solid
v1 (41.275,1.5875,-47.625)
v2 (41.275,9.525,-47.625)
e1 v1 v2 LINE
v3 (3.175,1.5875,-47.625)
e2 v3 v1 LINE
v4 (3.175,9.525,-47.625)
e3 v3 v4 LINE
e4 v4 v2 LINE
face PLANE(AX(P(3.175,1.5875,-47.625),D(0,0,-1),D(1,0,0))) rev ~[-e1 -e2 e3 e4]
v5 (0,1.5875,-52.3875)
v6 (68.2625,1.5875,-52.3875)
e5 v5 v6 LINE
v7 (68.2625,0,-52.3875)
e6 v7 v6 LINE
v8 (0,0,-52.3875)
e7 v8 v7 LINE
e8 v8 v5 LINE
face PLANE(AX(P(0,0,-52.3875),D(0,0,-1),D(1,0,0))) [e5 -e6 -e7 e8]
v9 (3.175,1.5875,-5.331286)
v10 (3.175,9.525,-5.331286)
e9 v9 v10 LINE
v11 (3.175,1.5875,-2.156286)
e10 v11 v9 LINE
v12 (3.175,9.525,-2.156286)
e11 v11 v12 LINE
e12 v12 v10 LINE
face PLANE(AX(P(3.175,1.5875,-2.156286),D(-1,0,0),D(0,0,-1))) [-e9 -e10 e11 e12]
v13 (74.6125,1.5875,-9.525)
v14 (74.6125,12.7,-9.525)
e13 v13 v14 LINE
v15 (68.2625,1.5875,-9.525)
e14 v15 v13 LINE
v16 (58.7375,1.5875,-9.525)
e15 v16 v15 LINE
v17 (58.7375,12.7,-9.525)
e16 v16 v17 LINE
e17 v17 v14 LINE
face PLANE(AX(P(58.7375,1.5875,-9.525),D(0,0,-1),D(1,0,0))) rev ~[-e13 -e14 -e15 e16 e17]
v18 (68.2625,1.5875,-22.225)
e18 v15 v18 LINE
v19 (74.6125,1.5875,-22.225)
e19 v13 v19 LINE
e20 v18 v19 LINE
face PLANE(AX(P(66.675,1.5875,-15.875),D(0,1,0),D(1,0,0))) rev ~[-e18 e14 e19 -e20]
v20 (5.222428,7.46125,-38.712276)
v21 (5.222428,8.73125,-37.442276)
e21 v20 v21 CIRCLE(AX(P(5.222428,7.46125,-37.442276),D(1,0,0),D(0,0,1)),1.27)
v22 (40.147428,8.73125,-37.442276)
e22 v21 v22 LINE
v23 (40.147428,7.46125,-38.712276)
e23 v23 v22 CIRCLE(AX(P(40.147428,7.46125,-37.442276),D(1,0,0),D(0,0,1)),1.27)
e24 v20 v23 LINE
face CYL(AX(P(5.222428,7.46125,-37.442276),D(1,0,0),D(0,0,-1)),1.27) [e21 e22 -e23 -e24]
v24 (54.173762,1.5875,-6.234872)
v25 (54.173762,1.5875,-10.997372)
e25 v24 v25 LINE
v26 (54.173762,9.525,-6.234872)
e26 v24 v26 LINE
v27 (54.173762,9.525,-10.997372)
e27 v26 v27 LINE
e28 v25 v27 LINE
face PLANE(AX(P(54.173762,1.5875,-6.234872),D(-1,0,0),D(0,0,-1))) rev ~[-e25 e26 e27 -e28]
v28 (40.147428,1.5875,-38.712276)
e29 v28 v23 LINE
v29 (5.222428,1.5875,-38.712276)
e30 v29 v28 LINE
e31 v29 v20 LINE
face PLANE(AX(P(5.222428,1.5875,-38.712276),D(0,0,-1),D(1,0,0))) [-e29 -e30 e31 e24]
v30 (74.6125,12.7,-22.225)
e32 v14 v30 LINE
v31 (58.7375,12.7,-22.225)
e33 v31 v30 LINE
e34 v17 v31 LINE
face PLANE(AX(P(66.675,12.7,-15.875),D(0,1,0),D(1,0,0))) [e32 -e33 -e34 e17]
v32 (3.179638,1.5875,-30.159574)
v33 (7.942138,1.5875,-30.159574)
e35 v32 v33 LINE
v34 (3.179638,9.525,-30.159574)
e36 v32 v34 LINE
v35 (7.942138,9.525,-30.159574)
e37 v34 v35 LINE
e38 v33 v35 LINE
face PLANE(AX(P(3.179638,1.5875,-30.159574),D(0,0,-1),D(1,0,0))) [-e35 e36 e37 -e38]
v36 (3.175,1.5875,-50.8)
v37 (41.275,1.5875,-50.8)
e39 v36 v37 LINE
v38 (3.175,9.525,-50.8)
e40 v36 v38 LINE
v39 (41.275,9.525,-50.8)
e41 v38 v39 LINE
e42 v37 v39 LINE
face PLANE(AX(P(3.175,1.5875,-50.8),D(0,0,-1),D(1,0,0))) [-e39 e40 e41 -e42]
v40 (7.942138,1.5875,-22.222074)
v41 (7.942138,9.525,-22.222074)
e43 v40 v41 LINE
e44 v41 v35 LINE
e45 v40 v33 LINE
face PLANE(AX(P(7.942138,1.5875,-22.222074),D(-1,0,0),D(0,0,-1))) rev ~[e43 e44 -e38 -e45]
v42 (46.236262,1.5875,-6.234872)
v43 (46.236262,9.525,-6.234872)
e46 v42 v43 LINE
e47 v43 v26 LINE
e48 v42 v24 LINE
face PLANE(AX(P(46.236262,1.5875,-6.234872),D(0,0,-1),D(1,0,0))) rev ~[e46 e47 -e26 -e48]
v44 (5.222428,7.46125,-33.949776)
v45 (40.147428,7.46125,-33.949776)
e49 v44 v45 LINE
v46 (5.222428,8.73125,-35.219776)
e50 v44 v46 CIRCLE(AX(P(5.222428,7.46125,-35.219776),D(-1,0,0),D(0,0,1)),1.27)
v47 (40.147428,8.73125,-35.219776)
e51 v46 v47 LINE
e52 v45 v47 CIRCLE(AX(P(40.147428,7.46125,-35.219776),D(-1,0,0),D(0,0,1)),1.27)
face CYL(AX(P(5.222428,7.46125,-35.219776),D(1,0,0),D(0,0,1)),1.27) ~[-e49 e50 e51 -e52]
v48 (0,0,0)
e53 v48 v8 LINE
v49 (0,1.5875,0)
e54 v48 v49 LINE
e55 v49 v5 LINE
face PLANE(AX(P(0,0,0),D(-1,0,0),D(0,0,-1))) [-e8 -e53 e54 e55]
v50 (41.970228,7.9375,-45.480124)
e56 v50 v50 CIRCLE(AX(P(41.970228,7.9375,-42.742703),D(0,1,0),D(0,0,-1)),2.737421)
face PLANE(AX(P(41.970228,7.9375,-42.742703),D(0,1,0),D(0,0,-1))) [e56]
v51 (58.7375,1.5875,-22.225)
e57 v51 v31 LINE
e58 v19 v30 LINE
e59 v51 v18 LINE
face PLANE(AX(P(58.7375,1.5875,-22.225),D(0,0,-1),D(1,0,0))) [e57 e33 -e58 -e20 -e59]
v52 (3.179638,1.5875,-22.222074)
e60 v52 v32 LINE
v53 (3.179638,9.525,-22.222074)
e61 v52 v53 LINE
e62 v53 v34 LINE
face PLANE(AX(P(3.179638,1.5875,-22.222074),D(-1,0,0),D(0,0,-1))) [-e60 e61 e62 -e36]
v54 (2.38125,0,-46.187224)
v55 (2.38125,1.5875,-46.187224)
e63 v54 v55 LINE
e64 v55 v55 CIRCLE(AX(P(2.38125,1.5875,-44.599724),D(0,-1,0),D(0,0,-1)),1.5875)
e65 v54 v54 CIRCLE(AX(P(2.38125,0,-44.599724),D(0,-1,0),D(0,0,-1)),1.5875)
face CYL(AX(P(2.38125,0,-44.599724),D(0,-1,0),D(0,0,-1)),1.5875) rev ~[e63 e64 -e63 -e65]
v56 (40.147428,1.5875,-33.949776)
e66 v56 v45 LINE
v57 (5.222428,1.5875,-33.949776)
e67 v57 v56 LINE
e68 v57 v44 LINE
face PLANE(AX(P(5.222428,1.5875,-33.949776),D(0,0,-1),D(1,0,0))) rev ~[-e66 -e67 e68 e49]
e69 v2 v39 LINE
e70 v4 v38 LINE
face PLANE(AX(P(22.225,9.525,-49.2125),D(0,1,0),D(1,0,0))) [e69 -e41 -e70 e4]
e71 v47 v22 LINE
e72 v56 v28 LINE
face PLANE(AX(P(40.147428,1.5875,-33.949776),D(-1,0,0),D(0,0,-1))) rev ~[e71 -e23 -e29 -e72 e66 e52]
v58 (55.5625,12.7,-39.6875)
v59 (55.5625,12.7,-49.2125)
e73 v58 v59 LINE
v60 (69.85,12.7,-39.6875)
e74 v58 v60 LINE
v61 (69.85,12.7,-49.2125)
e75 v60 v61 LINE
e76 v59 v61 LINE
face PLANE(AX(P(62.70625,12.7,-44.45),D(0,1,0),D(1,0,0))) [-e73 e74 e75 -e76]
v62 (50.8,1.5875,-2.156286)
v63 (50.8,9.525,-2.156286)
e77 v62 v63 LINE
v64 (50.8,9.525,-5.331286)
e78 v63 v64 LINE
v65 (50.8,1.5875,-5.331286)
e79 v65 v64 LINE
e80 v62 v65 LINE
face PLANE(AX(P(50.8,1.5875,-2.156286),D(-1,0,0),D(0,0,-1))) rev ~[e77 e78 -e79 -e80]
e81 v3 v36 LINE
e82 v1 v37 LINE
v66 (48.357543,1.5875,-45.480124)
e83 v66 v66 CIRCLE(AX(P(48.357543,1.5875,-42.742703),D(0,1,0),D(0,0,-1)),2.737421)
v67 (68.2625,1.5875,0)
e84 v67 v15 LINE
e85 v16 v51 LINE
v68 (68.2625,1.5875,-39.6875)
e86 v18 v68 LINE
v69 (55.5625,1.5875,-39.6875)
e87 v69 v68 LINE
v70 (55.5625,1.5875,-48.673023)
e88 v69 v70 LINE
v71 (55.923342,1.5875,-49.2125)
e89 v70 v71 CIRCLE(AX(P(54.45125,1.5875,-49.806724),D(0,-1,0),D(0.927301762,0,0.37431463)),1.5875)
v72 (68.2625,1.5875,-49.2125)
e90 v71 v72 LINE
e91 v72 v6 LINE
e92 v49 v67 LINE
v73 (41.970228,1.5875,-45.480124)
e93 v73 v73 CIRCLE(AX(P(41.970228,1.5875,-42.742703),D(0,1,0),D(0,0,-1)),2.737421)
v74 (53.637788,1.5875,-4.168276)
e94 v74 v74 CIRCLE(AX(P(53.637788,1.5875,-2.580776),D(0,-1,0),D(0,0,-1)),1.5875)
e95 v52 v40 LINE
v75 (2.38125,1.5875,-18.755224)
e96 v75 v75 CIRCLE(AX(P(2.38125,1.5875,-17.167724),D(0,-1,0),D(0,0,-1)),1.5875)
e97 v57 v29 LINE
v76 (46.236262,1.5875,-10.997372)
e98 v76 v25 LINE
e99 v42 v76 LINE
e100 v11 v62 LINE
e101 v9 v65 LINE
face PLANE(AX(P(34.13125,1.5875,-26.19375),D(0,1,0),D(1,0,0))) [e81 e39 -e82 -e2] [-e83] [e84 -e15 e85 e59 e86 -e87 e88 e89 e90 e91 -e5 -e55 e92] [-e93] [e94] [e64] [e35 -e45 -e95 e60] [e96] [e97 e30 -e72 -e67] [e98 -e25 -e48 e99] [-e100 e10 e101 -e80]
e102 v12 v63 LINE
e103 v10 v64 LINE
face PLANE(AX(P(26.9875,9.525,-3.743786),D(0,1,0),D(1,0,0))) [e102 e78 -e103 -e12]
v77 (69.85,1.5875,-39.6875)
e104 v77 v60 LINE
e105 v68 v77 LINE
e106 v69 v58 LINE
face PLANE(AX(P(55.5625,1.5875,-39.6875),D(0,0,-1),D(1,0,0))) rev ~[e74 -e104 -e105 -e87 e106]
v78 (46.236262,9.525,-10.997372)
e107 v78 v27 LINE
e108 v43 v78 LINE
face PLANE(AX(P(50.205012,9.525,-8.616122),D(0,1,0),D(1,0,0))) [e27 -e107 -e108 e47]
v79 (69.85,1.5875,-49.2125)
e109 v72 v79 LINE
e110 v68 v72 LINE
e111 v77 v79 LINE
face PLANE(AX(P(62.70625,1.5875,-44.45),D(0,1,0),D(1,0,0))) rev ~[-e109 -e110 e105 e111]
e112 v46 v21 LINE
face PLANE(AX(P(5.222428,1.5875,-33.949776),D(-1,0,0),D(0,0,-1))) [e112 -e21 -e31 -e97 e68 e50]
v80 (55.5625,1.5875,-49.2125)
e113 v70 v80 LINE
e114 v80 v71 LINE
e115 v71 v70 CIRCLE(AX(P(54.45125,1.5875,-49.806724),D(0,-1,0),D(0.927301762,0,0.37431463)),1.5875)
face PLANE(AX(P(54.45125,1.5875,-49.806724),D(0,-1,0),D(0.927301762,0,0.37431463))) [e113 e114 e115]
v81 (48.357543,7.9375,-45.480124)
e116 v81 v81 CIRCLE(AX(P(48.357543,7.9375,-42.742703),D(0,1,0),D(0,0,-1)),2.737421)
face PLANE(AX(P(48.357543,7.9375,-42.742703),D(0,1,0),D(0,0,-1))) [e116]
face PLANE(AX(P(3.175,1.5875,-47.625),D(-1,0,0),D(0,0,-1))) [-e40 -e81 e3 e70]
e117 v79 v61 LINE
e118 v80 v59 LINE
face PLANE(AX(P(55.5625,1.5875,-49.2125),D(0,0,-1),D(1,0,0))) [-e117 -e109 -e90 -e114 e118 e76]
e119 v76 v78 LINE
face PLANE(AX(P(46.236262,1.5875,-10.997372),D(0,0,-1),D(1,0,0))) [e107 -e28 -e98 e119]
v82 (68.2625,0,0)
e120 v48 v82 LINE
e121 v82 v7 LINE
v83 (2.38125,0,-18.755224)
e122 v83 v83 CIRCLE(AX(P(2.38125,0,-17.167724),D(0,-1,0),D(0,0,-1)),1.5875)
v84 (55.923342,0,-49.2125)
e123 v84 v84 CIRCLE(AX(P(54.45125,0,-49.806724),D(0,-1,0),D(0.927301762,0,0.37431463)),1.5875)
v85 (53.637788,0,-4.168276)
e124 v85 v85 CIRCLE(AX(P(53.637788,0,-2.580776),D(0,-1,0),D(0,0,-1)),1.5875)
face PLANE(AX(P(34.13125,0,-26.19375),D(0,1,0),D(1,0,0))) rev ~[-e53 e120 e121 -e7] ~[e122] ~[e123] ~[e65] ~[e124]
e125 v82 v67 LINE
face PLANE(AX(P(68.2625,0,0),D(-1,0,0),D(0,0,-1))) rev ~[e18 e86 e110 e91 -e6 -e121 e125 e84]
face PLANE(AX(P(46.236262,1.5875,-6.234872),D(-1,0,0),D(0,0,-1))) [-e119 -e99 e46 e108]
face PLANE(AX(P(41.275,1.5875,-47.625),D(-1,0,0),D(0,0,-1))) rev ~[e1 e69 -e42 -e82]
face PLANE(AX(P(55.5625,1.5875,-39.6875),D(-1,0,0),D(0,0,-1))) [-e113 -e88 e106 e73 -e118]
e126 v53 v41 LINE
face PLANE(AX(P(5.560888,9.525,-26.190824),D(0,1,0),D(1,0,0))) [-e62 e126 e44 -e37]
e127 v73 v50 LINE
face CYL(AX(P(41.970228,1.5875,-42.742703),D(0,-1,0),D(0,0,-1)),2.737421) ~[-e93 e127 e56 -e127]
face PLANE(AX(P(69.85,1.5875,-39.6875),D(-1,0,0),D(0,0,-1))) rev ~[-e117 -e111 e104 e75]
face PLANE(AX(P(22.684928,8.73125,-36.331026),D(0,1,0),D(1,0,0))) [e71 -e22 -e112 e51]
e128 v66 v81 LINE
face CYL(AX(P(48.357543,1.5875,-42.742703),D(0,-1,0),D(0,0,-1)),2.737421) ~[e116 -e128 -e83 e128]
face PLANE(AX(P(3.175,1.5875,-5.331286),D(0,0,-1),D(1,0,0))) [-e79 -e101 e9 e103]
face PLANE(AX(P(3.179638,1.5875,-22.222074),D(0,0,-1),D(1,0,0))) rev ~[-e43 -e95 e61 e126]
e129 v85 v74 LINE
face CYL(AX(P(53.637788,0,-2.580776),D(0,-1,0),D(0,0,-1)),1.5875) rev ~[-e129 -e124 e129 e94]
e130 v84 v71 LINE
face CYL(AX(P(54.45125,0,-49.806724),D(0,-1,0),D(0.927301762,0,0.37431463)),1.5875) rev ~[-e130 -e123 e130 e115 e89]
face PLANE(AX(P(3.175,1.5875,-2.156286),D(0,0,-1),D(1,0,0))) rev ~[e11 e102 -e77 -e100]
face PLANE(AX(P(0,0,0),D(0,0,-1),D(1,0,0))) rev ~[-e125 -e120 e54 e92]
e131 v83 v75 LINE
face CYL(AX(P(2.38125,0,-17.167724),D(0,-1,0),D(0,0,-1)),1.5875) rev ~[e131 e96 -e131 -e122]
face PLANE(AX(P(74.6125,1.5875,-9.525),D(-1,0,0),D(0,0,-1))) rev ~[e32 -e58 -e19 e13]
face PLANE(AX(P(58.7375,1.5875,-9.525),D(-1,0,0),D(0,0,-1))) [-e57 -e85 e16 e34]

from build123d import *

# Parameters (mm, degrees)
SKETCH2_W           = 68.2625
SKETCH2_H           = 52.3875
BOSS_EXTRUDE1_DEPTH = 1.5875
SKETCH3_W           = 38.1
SKETCH3_H           = 3.175
SKETCH3_W_2         = 47.625
SKETCH3_W_3         = 4.7625
SKETCH3_H_2         = 7.9375
SKETCH3_W_4         = 7.9375
SKETCH3_H_3         = 4.7625
BOSS_EXTRUDE2_DEPTH = 7.9375
SKETCH5_W           = 34.925
SKETCH5_H           = 4.7625
BOSS_EXTRUDE3_DEPTH = 7.14375
FILLET1_R           = 1.27
SKETCH6_R           = 2.737420774
BOSS_EXTRUDE4_DEPTH = 6.35
SKETCH7_W           = 15.875
SKETCH7_H           = 12.7
BOSS_EXTRUDE5_DEPTH = 11.1125
SKETCH8_W           = 14.2875
SKETCH8_H           = 9.525
BOSS_EXTRUDE6_DEPTH = 11.1125
SKETCH9_R           = 1.5875
CUT_EXTRUDE1_DEPTH  = 1.5875


with BuildPart() as part:
    # Sketch2 → Boss-Extrude1 (new body)
    with BuildSketch(Plane(origin=(0, 0, 0), x_dir=(1, 0, 0), z_dir=(0, 1, 0))):
        with Locations((34.13125, 26.19375)):
            Rectangle(SKETCH2_W, SKETCH2_H)
    extrude(amount=BOSS_EXTRUDE1_DEPTH)

    # Sketch3 → Boss-Extrude2 (add)
    with BuildSketch(Plane(origin=(0, 1.5875, 0), x_dir=(1, 0, 0), z_dir=(0, 1, 0))):
        with Locations((22.225, 49.2125)):
            Rectangle(SKETCH3_W, SKETCH3_H)
        with Locations((26.9875, 3.743785618)):
            Rectangle(SKETCH3_W_2, SKETCH3_H)
        with Locations((5.56088816, 26.190824392)):
            Rectangle(SKETCH3_W_3, SKETCH3_H_2)
        with Locations((50.20501244, 8.616122464)):
            Rectangle(SKETCH3_W_4, SKETCH3_H_3)
    extrude(amount=BOSS_EXTRUDE2_DEPTH)

    # Sketch5 → Boss-Extrude3 (add)
    with BuildSketch(Plane(origin=(0, 1.5875, 0), x_dir=(1, 0, 0), z_dir=(0, 1, 0))):
        with Locations((22.684927586, 36.331025526)):
            Rectangle(SKETCH5_W, SKETCH5_H)
    extrude(amount=BOSS_EXTRUDE3_DEPTH)

    # Fillet1
    fillet1_edges = [part.edges().sort_by_distance(p)[0] for p in [
        (22.684927586, 8.73125, -33.949775526),
        (22.684927586, 8.73125, -38.712275526),
    ]]
    fillet(fillet1_edges, radius=FILLET1_R)

    # Sketch6 → Boss-Extrude4 (add)
    with BuildSketch(Plane(origin=(0, 1.5875, 0), x_dir=(1, 0, 0), z_dir=(0, 1, 0))):
        with Locations(Location((41.97022767, 42.74270286, 0), (0, 0, 90))):
            Circle(SKETCH6_R)
        with Locations(Location((48.357542809, 42.74270286, 0), (0, 0, 90))):
            Circle(SKETCH6_R)
    extrude(amount=BOSS_EXTRUDE4_DEPTH)

    # Sketch7 → Boss-Extrude5 (add)
    with BuildSketch(Plane(origin=(0, 1.5875, 0), x_dir=(1, 0, 0), z_dir=(0, 1, 0))):
        with Locations((66.675, 15.875)):
            Rectangle(SKETCH7_W, SKETCH7_H)
    extrude(amount=BOSS_EXTRUDE5_DEPTH)

    # Sketch8 → Boss-Extrude6 (add)
    with BuildSketch(Plane(origin=(0, 1.5875, 0), x_dir=(1, 0, 0), z_dir=(0, 1, 0))):
        with Locations((62.70625, 44.45)):
            Rectangle(SKETCH8_W, SKETCH8_H)
    extrude(amount=BOSS_EXTRUDE6_DEPTH)

    # Sketch9 → Cut-Extrude1 (cut)
    with BuildSketch(Plane.XZ):
        with Locations(Location((53.637787609, -2.580775526, 0), (0, 0, 270))):
            Circle(SKETCH9_R)
        with Locations(Location((54.45125, -49.806724474, 0), (0, 0, 21.981959095))):
            Circle(SKETCH9_R)
        with Locations(Location((2.38125, -44.599724474, 0), (0, 0, 270))):
            Circle(SKETCH9_R)
        with Locations(Location((2.38125, -17.167724474, 0), (0, 0, 270))):
            Circle(SKETCH9_R)
    extrude(amount=-CUT_EXTRUDE1_DEPTH, mode=Mode.SUBTRACT)


solid = part.part
